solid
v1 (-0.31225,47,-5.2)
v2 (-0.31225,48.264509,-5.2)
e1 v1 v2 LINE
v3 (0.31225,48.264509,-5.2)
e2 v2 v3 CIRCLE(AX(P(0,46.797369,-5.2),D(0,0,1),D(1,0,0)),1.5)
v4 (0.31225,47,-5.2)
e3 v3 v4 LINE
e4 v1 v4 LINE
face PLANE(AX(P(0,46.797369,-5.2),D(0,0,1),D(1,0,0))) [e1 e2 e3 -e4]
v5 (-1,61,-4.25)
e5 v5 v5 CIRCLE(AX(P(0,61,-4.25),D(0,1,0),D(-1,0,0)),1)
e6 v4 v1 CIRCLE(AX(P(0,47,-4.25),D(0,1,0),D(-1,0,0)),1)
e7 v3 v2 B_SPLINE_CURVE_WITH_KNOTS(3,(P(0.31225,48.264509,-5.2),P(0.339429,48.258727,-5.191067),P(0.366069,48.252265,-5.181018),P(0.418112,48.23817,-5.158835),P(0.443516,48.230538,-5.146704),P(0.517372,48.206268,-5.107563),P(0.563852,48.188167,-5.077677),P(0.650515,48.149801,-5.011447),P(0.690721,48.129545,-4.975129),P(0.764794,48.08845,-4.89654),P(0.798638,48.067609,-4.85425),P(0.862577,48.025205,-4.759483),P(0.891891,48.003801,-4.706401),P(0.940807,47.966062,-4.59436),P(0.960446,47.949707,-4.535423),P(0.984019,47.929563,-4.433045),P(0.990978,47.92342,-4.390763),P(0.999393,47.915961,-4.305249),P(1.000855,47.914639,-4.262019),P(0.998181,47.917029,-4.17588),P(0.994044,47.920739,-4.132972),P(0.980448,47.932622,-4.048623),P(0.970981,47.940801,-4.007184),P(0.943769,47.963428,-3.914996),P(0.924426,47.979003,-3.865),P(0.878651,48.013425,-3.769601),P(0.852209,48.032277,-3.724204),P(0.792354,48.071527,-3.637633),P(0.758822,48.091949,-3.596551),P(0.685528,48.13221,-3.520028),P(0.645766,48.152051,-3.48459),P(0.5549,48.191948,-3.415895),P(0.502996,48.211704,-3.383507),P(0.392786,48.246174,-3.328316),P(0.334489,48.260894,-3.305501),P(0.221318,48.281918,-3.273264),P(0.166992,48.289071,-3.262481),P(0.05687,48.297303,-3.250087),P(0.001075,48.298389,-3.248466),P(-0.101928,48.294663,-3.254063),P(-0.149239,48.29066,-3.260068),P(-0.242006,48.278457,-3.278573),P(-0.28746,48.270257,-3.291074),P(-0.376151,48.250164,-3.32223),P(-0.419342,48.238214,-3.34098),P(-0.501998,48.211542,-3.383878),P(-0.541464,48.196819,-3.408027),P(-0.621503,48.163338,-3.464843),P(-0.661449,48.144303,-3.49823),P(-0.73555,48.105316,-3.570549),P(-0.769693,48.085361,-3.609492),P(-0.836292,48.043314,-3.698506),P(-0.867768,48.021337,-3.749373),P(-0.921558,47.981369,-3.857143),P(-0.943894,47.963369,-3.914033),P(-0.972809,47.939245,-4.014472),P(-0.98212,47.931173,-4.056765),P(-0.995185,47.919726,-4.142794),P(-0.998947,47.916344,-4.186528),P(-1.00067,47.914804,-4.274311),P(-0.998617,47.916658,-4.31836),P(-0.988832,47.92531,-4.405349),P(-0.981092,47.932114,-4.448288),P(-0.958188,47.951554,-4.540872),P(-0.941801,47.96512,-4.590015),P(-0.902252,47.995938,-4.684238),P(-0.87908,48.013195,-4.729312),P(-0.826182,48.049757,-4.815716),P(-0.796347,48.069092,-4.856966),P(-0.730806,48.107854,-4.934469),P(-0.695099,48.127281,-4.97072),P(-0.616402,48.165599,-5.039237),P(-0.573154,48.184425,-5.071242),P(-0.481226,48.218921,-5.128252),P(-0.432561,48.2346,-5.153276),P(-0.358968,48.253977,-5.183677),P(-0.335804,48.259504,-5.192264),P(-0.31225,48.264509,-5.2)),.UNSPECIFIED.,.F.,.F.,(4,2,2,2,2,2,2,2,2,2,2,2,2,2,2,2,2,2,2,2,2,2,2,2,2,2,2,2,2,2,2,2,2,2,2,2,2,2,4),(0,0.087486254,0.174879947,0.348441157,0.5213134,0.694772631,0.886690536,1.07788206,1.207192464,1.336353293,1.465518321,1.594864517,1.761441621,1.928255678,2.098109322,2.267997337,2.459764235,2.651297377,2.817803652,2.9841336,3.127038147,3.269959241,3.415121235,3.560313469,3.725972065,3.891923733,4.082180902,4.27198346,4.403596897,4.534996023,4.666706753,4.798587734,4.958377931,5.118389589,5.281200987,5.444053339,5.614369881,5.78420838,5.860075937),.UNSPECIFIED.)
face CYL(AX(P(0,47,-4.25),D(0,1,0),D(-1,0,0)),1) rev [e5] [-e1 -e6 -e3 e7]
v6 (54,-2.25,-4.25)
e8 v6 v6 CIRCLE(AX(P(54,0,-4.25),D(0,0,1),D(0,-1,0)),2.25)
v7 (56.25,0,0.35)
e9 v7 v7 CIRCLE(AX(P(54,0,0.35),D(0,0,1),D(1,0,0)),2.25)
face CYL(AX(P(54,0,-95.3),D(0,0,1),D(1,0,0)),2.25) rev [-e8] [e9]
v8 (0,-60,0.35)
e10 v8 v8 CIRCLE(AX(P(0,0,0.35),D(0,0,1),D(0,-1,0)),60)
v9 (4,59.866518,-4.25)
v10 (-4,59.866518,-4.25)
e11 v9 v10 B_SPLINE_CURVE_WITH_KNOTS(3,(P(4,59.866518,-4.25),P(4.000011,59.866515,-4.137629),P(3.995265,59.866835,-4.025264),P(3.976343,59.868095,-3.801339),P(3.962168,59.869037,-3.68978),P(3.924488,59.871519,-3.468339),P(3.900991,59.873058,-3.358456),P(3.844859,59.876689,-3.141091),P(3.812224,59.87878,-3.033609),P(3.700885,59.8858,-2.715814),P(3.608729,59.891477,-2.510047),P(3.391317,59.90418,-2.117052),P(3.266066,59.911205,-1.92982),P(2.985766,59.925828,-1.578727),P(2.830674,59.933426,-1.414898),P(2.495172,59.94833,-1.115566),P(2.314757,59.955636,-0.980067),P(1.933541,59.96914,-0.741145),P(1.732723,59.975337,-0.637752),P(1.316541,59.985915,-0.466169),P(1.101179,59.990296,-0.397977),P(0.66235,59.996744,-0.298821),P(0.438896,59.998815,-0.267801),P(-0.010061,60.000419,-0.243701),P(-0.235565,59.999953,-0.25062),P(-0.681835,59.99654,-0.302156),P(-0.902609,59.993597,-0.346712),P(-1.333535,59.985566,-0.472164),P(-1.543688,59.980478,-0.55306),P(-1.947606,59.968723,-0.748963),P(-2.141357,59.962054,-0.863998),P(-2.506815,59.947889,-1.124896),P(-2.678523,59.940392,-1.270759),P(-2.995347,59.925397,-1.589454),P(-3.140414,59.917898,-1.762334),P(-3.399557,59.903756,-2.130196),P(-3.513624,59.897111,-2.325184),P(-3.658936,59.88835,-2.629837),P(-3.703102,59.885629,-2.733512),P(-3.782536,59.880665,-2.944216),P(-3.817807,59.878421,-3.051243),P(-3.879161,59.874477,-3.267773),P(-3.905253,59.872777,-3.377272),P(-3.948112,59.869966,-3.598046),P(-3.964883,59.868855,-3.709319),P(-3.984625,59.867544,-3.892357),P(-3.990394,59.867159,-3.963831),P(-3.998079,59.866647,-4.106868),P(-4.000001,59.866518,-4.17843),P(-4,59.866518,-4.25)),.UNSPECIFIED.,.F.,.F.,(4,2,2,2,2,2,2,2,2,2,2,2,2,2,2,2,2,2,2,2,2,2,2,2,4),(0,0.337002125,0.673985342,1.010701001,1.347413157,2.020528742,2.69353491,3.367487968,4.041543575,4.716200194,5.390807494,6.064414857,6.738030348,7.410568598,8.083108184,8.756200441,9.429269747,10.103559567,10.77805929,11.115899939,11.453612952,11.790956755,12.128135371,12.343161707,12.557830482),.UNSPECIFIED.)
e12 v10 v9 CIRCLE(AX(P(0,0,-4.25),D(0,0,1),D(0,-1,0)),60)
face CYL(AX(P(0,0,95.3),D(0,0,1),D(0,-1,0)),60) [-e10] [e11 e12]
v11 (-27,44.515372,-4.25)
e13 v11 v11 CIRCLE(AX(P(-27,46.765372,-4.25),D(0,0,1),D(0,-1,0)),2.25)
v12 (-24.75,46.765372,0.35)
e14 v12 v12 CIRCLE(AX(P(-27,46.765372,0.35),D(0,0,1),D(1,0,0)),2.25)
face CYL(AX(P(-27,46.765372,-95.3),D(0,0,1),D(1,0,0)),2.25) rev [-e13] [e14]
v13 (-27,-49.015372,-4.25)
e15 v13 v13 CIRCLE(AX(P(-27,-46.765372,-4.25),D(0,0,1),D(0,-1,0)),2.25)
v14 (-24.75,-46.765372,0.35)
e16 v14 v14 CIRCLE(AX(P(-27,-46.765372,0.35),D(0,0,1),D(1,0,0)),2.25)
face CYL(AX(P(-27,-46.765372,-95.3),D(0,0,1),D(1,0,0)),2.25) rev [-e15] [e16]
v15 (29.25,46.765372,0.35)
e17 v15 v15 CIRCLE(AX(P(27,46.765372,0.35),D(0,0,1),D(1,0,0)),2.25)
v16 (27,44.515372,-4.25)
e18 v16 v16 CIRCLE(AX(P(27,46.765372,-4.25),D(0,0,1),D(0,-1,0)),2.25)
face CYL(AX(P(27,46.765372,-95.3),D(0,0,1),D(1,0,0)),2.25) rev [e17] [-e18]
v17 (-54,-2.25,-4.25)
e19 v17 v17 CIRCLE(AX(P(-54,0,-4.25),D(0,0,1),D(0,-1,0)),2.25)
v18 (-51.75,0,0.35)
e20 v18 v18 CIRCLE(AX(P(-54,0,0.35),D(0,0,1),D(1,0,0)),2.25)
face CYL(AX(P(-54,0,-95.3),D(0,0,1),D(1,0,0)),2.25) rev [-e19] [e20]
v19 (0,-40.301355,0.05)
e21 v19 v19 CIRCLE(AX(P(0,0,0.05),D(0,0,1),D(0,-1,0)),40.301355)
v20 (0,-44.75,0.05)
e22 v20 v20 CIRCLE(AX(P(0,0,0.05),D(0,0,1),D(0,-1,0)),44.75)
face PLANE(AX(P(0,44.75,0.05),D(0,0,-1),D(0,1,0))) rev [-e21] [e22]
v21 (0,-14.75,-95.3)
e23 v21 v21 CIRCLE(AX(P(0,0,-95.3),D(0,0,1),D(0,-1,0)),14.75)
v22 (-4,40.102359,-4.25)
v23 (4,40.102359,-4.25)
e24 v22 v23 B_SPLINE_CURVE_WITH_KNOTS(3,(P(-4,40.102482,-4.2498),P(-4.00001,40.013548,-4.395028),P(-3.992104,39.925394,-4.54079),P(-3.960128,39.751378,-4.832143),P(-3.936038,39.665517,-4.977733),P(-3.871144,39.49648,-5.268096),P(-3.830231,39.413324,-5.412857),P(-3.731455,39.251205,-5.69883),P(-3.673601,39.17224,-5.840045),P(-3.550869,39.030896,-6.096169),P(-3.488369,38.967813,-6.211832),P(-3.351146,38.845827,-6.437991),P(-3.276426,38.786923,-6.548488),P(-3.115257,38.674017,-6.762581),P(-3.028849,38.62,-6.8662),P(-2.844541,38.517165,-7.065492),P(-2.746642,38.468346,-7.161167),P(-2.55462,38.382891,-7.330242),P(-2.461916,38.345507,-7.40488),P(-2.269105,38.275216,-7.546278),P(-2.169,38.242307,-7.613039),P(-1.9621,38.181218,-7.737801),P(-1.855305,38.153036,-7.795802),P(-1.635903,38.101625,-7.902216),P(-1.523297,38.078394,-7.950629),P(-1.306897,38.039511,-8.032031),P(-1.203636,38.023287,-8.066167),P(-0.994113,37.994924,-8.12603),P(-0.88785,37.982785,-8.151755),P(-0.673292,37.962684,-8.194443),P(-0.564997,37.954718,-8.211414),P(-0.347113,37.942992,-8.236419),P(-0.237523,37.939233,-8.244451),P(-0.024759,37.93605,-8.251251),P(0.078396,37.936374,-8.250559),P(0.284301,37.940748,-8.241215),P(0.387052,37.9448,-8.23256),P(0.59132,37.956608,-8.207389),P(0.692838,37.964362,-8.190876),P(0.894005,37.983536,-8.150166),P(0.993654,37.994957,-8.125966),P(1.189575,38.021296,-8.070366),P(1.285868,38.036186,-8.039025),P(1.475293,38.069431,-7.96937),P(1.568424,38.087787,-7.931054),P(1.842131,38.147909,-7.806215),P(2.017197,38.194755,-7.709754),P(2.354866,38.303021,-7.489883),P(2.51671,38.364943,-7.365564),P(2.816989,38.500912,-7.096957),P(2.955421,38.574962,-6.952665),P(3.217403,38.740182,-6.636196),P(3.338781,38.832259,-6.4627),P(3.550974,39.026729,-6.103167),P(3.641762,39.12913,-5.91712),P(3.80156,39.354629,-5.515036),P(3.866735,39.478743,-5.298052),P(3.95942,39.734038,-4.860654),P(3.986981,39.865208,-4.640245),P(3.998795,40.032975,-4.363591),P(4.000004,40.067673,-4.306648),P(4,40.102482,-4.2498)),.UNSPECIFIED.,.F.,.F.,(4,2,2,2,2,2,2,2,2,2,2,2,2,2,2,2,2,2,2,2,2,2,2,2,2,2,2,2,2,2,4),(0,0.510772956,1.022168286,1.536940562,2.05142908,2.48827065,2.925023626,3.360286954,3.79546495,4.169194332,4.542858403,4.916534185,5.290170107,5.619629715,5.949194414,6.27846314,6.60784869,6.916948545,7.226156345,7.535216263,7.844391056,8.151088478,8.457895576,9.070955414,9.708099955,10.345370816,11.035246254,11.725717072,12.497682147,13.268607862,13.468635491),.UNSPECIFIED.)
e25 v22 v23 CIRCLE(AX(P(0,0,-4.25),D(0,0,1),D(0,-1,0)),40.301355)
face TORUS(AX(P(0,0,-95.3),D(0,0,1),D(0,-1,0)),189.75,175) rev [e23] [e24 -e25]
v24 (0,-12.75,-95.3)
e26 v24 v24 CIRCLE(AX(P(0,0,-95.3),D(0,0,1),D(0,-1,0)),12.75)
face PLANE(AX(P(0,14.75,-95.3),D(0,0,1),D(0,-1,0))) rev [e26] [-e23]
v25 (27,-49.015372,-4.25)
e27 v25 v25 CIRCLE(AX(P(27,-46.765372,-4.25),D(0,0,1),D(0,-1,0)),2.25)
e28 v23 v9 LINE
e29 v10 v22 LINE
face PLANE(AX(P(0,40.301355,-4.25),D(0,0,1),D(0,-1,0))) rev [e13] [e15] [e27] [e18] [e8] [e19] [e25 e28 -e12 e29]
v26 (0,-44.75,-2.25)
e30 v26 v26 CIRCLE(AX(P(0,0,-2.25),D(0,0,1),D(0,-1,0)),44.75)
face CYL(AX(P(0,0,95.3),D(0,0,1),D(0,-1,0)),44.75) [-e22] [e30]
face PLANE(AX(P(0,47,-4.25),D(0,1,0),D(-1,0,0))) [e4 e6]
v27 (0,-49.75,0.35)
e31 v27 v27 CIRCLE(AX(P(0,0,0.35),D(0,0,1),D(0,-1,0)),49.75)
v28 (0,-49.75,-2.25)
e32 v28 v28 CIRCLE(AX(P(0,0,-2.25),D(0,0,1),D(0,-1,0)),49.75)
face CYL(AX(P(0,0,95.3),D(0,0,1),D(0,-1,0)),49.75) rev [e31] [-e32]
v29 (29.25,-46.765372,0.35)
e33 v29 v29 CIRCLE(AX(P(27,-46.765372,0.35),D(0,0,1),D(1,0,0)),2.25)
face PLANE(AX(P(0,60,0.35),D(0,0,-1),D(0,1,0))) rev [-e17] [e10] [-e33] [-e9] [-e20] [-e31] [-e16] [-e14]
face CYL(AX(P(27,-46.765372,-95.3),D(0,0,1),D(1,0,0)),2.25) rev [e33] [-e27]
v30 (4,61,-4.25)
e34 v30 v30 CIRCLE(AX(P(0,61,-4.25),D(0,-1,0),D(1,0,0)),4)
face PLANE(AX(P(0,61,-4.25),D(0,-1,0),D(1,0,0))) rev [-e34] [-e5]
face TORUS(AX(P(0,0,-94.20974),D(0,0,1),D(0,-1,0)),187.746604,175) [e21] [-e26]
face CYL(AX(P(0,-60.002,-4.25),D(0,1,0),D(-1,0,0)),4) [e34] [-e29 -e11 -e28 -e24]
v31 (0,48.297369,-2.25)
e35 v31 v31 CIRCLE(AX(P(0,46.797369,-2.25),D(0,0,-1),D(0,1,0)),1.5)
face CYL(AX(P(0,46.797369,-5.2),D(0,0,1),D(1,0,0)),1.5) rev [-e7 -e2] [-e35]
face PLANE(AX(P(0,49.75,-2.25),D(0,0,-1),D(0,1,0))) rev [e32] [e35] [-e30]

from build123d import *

# Parameters (mm, degrees)
BOSS_EXTRUDE1_REACH     = 167.297
SKETCH3_R               = 4
SKETCH4_R               = 1
CUT_EXTRUDE1_DEPTH      = 14
SKETCH5_R               = 1.5
CUT_EXTRUDE2_DEPTH      = 5.2
CUT_EXTRUDE3_DEPTH      = 129.074548772
CUT_EXTRUDE3_DEPTH_BACK = 129.074548772
SKETCH6_R               = 2.25


with BuildPart() as part:
    # Sketch2 → Revolve1 (revolve)
    with BuildSketch(Plane(origin=(0, 0, 0), x_dir=(0, 0, -1), z_dir=(1, 0, 0)), mode=Mode.PRIVATE) as revolve1_sk:
        with BuildLine():
            Line((95.3, 14.75), (95.3, 12.75))
            ThreePointArc((95.3, 12.75), (45.630862999, 19.624348561), (-0.05, 40.301354974))
            Line((-0.05, 40.301354974), (-0.05, 44.75))
            Line((-0.05, 44.75), (2.25, 44.75))
            Line((2.25, 44.75), (2.25, 49.75))
            Line((2.25, 49.75), (-0.35, 49.75))
            Line((-0.35, 49.75), (-0.35, 60))
            Line((-0.35, 60), (4.25, 60))
            Line((4.25, 60), (4.25, 40.301354974))
            ThreePointArc((4.25, 40.301354974), (48.016349969, 21.258883202), (95.3, 14.75))
        make_face()
    revolve(revolve1_sk.sketch.rotate(Axis((0, 0, 95.3), (0, 0, -1)), 180), axis=Axis((0, 0, 95.3), (0, 0, -1)))

    # Sketch3 → Boss-Extrude1 (add, up to next)
    with BuildSketch(Plane(origin=(0, 61, 0), x_dir=(-1, 0, 0), z_dir=(0, -1, 0)), mode=Mode.PRIVATE) as boss_extrude1_sk1:
        with Locations(Location((0, 4.25, 0), (0, 0, 180))):
            Circle(SKETCH3_R)
    boss_extrude1_tool1 = extrude(boss_extrude1_sk1.sketch, amount=BOSS_EXTRUDE1_REACH, mode=Mode.PRIVATE) - part.part
    add(boss_extrude1_tool1.solids().sort_by_distance((0, 61, -4.25))[0])

    # Sketch4 → Cut-Extrude1 (cut)
    with BuildSketch(Plane(origin=(0, 61, 0), x_dir=(1, 0, 0), z_dir=(0, 1, 0))):
        with Locations(Location((0, 4.25, 0), (0, 0, 180))):
            Circle(SKETCH4_R)
    extrude(amount=-CUT_EXTRUDE1_DEPTH, mode=Mode.SUBTRACT)

    # Sketch5 → Cut-Extrude2 (cut)
    with BuildSketch(Plane.XY):
        with Locations(Location((0, 46.797368966, 0), (0, 0, 77.98506808))):
            Circle(SKETCH5_R)
    extrude(amount=-CUT_EXTRUDE2_DEPTH, mode=Mode.SUBTRACT)

    # Sketch6 → Cut-Extrude3 (cut, two sides: drawn at the far end of the back side and taken through both)
    with BuildSketch(Plane.XY.offset(-CUT_EXTRUDE3_DEPTH_BACK)):
        with Locations((54, 0)):
            Circle(SKETCH6_R)
        with Locations((27, -46.765371804)):
            Circle(SKETCH6_R)
        with Locations((-27, -46.765371804)):
            Circle(SKETCH6_R)
        with Locations((-54, 0)):
            Circle(SKETCH6_R)
        with Locations((-27, 46.765371804)):
            Circle(SKETCH6_R)
        with Locations((27, 46.765371804)):
            Circle(SKETCH6_R)
    extrude(amount=CUT_EXTRUDE3_DEPTH + CUT_EXTRUDE3_DEPTH_BACK, mode=Mode.SUBTRACT)


solid = part.part
